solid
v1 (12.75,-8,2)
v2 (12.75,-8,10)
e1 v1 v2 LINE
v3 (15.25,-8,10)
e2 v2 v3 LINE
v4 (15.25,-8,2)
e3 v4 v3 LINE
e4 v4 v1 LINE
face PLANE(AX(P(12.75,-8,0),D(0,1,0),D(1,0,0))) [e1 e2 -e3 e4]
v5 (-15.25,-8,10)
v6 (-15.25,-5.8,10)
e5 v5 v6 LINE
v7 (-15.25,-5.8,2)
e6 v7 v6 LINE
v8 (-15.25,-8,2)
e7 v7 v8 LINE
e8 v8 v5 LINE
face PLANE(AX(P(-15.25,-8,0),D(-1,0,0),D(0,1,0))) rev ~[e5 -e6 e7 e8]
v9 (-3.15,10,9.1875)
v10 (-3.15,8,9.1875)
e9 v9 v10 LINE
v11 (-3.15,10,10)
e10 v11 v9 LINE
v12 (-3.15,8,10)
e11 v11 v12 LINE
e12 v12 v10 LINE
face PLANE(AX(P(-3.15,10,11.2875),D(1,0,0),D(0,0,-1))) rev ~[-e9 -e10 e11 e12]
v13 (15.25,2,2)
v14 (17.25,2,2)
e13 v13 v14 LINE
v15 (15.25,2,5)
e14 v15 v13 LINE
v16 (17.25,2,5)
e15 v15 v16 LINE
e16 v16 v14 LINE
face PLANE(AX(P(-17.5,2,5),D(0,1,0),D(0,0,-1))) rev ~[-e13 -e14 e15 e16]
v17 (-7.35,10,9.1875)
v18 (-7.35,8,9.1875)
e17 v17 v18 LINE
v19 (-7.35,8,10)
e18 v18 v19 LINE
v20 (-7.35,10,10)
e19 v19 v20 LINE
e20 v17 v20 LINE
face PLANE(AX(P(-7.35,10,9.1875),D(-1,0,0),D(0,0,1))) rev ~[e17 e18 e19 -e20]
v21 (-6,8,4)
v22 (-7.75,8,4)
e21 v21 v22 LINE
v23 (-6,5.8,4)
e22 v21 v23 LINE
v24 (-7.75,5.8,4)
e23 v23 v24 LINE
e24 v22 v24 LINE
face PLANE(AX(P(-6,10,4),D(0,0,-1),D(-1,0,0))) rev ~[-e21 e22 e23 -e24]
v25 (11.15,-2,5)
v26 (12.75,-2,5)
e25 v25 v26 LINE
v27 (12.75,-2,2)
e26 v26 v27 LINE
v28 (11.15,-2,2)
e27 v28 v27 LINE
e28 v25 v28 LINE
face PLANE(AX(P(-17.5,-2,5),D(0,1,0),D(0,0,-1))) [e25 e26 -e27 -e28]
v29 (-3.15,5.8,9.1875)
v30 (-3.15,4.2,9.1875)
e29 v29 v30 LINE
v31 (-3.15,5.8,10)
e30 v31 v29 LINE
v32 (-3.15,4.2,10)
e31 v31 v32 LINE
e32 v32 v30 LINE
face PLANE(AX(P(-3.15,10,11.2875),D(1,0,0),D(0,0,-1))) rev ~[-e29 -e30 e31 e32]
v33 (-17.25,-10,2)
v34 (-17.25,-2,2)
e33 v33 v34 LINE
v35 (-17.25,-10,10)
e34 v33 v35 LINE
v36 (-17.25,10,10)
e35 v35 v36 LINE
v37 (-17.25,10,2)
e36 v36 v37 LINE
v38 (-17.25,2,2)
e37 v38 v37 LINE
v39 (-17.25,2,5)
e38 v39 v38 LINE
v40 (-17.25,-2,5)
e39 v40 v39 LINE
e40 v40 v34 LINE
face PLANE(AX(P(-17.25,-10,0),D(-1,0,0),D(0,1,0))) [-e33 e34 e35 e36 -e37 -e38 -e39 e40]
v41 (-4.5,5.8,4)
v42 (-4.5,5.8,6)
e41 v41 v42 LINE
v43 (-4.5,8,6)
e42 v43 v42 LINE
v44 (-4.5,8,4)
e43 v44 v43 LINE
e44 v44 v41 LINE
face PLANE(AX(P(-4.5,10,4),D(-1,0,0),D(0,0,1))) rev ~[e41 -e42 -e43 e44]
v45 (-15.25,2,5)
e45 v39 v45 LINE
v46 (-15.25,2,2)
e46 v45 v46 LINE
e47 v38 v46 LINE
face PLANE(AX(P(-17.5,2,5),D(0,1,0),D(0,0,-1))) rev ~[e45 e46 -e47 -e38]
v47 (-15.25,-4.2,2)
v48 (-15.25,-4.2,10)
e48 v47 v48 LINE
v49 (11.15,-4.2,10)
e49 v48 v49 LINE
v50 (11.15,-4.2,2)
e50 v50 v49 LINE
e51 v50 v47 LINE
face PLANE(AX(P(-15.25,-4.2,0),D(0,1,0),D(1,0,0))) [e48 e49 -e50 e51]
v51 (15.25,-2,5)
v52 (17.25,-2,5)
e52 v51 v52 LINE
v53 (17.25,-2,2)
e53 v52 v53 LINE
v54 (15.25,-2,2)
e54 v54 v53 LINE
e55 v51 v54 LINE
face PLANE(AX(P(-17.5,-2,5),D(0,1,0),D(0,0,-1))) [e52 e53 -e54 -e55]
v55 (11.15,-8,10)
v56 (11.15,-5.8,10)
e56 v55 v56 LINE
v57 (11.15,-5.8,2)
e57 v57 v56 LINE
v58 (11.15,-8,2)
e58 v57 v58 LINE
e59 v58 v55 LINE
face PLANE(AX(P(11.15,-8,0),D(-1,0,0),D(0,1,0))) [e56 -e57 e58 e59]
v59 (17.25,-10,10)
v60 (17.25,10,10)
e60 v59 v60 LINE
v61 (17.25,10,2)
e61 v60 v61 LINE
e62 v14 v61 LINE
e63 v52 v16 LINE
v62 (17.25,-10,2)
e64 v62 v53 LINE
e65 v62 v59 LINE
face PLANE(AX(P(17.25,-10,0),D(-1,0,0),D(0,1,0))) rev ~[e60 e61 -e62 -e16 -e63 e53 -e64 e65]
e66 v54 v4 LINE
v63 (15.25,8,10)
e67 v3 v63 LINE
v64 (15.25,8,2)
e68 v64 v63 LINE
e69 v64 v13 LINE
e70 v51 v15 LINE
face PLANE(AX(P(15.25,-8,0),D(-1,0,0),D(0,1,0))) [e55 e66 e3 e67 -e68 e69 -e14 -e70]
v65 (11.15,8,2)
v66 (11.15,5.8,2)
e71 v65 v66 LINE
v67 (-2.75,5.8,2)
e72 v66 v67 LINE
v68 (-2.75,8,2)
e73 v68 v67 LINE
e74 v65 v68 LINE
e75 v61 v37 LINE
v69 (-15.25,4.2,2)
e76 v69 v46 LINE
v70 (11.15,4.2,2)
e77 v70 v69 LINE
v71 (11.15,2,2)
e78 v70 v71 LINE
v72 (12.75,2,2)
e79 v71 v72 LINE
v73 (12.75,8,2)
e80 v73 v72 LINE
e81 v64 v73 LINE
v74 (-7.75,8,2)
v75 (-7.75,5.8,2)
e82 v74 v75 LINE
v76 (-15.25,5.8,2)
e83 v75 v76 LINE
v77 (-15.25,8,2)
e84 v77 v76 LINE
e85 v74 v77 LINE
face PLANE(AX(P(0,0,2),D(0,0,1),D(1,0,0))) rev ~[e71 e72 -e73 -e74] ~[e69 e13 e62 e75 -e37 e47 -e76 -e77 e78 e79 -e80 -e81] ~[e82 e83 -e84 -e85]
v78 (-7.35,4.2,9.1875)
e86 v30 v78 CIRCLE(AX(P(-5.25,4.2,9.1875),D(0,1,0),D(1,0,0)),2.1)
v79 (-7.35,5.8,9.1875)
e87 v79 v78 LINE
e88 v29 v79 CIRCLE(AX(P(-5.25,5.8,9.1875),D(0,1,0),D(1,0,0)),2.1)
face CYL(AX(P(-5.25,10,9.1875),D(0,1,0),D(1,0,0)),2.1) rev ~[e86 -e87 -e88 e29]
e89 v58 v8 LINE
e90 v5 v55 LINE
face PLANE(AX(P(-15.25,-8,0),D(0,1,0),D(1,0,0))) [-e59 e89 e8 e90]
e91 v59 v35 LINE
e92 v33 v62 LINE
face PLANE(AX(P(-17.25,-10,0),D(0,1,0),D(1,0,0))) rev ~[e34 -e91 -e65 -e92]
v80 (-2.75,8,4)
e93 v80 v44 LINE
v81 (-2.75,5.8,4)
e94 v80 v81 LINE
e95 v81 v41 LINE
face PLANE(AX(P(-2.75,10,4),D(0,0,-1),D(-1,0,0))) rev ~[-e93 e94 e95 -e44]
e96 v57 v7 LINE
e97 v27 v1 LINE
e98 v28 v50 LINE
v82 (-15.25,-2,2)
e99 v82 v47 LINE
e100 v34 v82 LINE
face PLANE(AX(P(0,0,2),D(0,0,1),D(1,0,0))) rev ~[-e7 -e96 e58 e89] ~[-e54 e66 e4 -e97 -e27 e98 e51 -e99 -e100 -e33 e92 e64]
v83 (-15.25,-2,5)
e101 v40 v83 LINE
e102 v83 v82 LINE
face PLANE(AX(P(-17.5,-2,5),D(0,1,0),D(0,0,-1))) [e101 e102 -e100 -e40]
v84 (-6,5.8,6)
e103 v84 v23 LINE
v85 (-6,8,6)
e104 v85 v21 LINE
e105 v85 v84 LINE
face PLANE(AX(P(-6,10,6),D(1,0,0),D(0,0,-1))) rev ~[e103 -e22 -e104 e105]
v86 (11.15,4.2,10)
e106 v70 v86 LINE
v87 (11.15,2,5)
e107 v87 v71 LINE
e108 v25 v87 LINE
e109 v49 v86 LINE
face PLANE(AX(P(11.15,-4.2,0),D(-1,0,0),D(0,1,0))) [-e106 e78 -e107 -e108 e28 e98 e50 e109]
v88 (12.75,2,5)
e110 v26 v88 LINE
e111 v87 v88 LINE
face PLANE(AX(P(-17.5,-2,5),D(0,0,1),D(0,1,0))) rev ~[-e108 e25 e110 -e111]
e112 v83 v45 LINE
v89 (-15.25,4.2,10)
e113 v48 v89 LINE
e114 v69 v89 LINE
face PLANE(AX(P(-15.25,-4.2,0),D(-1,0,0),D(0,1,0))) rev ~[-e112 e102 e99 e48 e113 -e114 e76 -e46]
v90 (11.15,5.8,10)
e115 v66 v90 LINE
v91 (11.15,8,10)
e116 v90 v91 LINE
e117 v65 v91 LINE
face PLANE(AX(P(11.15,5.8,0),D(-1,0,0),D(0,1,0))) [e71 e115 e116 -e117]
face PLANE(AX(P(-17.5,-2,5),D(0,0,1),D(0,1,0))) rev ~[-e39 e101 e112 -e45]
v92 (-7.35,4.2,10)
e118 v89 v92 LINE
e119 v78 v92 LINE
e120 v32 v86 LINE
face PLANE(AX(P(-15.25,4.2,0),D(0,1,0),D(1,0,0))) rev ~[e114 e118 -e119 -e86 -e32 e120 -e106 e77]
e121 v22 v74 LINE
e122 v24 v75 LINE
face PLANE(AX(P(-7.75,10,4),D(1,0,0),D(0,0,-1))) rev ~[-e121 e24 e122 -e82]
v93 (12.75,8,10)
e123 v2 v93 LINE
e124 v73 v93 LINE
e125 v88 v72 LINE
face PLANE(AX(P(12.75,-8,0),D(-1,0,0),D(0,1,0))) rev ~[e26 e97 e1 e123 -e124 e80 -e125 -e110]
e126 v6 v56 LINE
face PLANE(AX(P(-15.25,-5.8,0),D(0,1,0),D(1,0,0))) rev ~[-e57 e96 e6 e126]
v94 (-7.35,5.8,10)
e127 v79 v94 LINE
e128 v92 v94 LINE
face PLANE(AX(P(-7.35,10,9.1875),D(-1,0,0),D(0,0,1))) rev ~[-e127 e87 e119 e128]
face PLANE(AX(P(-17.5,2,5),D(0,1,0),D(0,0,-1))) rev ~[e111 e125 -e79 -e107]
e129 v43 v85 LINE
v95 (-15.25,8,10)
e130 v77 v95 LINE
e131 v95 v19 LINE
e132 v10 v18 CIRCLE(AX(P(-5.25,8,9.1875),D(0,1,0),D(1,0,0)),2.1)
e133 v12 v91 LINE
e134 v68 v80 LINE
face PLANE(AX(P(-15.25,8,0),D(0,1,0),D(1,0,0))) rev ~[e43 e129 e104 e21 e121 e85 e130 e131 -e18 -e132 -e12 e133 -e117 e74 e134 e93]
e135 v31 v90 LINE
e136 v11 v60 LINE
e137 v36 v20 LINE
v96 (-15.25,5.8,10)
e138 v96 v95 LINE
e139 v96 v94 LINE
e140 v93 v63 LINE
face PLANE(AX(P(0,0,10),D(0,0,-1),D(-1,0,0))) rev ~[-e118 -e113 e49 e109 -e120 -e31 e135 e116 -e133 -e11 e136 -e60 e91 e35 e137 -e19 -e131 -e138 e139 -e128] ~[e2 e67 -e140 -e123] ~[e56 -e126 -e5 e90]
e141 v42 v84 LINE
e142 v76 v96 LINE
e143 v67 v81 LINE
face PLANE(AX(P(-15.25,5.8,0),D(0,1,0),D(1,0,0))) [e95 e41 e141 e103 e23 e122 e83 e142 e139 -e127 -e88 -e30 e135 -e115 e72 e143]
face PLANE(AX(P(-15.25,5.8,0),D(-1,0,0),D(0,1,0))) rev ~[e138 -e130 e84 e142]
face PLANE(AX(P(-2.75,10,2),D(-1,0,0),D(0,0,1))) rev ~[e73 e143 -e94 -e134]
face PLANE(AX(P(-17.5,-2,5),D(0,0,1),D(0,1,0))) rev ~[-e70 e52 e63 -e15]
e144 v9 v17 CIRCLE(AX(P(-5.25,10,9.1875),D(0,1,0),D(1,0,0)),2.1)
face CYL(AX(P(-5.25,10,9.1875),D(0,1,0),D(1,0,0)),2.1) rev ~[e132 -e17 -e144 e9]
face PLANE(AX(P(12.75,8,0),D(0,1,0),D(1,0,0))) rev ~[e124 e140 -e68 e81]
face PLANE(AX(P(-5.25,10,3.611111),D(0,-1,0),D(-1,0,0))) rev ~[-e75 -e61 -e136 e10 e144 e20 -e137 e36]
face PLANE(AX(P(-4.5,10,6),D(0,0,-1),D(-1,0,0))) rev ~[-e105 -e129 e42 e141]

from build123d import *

# Parameters (mm, degrees)
SKETCH1_W               = 34.5
SKETCH1_H               = 20
BOSS_EXTRUDE1_DEPTH     = 2
SKETCH2_W               = 26.4
SKETCH2_H               = 2.2
SKETCH2_W_2             = 2.5
SKETCH2_H_2             = 16
SKETCH2_H_3             = 8.4
BOSS_EXTRUDE2_DEPTH     = 10
CUT_EXTRUDE1_DEPTH      = 17.5
CUT_EXTRUDE1_DEPTH_BACK = 17.5
SKETCH3_W               = 3
SKETCH3_H               = 4
CUT_EXTRUDE2_DEPTH      = 10
FILLET1_R               = 2
BOSS_EXTRUDE3_DEPTH     = 5
SKETCH7_W               = 34.5
SKETCH7_H               = 20
CUT_EXTRUDE3_DEPTH      = 2


with BuildPart() as part:
    # Sketch1 → Boss-Extrude1 (new body)
    with BuildSketch(Plane.XY):
        Rectangle(SKETCH1_W, SKETCH1_H)
    extrude(amount=BOSS_EXTRUDE1_DEPTH)

    # Sketch2 → Boss-Extrude2 (add)
    with BuildSketch(Plane.XY):
        Polygon((-17.25, 10), (17.25, 10), (17.25, 8), (17.25, -8), (17.25, -10), (-17.25, -10), align=None)
        with Locations((-2.05, 6.9)):
            Rectangle(SKETCH2_W, SKETCH2_H, mode=Mode.SUBTRACT)
        with Locations((-2.05, -6.9)):
            Rectangle(SKETCH2_W, SKETCH2_H, mode=Mode.SUBTRACT)
        with Locations((14, 0)):
            Rectangle(SKETCH2_W_2, SKETCH2_H_2, mode=Mode.SUBTRACT)
        with Locations((-2.05, 0)):
            Rectangle(SKETCH2_W, SKETCH2_H_3, mode=Mode.SUBTRACT)
    extrude(amount=BOSS_EXTRUDE2_DEPTH)

    # Sketch3 → Cut-Extrude1 (cut, two sides: drawn at the far end of the back side and taken through both)
    with BuildSketch(Plane(origin=(0, 0, 0), x_dir=(0, 0, -1), z_dir=(1, 0, 0)).offset(-CUT_EXTRUDE1_DEPTH_BACK)):
        with Locations((-3.5, 0)):
            Rectangle(SKETCH3_W, SKETCH3_H)
    extrude(amount=CUT_EXTRUDE1_DEPTH + CUT_EXTRUDE1_DEPTH_BACK, mode=Mode.SUBTRACT)

    # Sketch4 → Cut-Extrude2 (cut)
    with BuildSketch(Plane(origin=(0, 10, 0), x_dir=(1, 0, 0), z_dir=(0, 1, 0))):
        with BuildLine():
            Line((-7.35, -9.1875), (-7.35, -11.2875))
            Line((-7.35, -11.2875), (-3.15, -11.2875))
            Line((-3.15, -11.2875), (-3.15, -9.1875))
            ThreePointArc((-3.15, -9.1875), (-5.25, -7.0875), (-7.35, -9.1875))
        make_face()
    extrude(amount=-CUT_EXTRUDE2_DEPTH, mode=Mode.SUBTRACT)

    # Fillet1
    fillet1_edges = [part.edges().sort_by_distance(p)[0] for p in [
        (0, -10, 0),
        (0, 10, 0),
    ]]
    fillet(fillet1_edges, radius=FILLET1_R)

    # Sketch6 → Boss-Extrude3 (add)
    with BuildSketch(Plane(origin=(0, 10, 0), x_dir=(1, 0, 0), z_dir=(0, 1, 0))):
        Polygon((-7.75, -2), (-2.75, -2), (-2.75, -4), (-4.5, -4), (-4.5, -6), (-6, -6), (-6, -4), (-7.75, -4), align=None)
    extrude(amount=-BOSS_EXTRUDE3_DEPTH)

    # Sketch7 → Cut-Extrude3 (cut)
    with BuildSketch(Plane.XY):
        Rectangle(SKETCH7_W, SKETCH7_H)
    extrude(amount=CUT_EXTRUDE3_DEPTH, mode=Mode.SUBTRACT)


solid = part.part
